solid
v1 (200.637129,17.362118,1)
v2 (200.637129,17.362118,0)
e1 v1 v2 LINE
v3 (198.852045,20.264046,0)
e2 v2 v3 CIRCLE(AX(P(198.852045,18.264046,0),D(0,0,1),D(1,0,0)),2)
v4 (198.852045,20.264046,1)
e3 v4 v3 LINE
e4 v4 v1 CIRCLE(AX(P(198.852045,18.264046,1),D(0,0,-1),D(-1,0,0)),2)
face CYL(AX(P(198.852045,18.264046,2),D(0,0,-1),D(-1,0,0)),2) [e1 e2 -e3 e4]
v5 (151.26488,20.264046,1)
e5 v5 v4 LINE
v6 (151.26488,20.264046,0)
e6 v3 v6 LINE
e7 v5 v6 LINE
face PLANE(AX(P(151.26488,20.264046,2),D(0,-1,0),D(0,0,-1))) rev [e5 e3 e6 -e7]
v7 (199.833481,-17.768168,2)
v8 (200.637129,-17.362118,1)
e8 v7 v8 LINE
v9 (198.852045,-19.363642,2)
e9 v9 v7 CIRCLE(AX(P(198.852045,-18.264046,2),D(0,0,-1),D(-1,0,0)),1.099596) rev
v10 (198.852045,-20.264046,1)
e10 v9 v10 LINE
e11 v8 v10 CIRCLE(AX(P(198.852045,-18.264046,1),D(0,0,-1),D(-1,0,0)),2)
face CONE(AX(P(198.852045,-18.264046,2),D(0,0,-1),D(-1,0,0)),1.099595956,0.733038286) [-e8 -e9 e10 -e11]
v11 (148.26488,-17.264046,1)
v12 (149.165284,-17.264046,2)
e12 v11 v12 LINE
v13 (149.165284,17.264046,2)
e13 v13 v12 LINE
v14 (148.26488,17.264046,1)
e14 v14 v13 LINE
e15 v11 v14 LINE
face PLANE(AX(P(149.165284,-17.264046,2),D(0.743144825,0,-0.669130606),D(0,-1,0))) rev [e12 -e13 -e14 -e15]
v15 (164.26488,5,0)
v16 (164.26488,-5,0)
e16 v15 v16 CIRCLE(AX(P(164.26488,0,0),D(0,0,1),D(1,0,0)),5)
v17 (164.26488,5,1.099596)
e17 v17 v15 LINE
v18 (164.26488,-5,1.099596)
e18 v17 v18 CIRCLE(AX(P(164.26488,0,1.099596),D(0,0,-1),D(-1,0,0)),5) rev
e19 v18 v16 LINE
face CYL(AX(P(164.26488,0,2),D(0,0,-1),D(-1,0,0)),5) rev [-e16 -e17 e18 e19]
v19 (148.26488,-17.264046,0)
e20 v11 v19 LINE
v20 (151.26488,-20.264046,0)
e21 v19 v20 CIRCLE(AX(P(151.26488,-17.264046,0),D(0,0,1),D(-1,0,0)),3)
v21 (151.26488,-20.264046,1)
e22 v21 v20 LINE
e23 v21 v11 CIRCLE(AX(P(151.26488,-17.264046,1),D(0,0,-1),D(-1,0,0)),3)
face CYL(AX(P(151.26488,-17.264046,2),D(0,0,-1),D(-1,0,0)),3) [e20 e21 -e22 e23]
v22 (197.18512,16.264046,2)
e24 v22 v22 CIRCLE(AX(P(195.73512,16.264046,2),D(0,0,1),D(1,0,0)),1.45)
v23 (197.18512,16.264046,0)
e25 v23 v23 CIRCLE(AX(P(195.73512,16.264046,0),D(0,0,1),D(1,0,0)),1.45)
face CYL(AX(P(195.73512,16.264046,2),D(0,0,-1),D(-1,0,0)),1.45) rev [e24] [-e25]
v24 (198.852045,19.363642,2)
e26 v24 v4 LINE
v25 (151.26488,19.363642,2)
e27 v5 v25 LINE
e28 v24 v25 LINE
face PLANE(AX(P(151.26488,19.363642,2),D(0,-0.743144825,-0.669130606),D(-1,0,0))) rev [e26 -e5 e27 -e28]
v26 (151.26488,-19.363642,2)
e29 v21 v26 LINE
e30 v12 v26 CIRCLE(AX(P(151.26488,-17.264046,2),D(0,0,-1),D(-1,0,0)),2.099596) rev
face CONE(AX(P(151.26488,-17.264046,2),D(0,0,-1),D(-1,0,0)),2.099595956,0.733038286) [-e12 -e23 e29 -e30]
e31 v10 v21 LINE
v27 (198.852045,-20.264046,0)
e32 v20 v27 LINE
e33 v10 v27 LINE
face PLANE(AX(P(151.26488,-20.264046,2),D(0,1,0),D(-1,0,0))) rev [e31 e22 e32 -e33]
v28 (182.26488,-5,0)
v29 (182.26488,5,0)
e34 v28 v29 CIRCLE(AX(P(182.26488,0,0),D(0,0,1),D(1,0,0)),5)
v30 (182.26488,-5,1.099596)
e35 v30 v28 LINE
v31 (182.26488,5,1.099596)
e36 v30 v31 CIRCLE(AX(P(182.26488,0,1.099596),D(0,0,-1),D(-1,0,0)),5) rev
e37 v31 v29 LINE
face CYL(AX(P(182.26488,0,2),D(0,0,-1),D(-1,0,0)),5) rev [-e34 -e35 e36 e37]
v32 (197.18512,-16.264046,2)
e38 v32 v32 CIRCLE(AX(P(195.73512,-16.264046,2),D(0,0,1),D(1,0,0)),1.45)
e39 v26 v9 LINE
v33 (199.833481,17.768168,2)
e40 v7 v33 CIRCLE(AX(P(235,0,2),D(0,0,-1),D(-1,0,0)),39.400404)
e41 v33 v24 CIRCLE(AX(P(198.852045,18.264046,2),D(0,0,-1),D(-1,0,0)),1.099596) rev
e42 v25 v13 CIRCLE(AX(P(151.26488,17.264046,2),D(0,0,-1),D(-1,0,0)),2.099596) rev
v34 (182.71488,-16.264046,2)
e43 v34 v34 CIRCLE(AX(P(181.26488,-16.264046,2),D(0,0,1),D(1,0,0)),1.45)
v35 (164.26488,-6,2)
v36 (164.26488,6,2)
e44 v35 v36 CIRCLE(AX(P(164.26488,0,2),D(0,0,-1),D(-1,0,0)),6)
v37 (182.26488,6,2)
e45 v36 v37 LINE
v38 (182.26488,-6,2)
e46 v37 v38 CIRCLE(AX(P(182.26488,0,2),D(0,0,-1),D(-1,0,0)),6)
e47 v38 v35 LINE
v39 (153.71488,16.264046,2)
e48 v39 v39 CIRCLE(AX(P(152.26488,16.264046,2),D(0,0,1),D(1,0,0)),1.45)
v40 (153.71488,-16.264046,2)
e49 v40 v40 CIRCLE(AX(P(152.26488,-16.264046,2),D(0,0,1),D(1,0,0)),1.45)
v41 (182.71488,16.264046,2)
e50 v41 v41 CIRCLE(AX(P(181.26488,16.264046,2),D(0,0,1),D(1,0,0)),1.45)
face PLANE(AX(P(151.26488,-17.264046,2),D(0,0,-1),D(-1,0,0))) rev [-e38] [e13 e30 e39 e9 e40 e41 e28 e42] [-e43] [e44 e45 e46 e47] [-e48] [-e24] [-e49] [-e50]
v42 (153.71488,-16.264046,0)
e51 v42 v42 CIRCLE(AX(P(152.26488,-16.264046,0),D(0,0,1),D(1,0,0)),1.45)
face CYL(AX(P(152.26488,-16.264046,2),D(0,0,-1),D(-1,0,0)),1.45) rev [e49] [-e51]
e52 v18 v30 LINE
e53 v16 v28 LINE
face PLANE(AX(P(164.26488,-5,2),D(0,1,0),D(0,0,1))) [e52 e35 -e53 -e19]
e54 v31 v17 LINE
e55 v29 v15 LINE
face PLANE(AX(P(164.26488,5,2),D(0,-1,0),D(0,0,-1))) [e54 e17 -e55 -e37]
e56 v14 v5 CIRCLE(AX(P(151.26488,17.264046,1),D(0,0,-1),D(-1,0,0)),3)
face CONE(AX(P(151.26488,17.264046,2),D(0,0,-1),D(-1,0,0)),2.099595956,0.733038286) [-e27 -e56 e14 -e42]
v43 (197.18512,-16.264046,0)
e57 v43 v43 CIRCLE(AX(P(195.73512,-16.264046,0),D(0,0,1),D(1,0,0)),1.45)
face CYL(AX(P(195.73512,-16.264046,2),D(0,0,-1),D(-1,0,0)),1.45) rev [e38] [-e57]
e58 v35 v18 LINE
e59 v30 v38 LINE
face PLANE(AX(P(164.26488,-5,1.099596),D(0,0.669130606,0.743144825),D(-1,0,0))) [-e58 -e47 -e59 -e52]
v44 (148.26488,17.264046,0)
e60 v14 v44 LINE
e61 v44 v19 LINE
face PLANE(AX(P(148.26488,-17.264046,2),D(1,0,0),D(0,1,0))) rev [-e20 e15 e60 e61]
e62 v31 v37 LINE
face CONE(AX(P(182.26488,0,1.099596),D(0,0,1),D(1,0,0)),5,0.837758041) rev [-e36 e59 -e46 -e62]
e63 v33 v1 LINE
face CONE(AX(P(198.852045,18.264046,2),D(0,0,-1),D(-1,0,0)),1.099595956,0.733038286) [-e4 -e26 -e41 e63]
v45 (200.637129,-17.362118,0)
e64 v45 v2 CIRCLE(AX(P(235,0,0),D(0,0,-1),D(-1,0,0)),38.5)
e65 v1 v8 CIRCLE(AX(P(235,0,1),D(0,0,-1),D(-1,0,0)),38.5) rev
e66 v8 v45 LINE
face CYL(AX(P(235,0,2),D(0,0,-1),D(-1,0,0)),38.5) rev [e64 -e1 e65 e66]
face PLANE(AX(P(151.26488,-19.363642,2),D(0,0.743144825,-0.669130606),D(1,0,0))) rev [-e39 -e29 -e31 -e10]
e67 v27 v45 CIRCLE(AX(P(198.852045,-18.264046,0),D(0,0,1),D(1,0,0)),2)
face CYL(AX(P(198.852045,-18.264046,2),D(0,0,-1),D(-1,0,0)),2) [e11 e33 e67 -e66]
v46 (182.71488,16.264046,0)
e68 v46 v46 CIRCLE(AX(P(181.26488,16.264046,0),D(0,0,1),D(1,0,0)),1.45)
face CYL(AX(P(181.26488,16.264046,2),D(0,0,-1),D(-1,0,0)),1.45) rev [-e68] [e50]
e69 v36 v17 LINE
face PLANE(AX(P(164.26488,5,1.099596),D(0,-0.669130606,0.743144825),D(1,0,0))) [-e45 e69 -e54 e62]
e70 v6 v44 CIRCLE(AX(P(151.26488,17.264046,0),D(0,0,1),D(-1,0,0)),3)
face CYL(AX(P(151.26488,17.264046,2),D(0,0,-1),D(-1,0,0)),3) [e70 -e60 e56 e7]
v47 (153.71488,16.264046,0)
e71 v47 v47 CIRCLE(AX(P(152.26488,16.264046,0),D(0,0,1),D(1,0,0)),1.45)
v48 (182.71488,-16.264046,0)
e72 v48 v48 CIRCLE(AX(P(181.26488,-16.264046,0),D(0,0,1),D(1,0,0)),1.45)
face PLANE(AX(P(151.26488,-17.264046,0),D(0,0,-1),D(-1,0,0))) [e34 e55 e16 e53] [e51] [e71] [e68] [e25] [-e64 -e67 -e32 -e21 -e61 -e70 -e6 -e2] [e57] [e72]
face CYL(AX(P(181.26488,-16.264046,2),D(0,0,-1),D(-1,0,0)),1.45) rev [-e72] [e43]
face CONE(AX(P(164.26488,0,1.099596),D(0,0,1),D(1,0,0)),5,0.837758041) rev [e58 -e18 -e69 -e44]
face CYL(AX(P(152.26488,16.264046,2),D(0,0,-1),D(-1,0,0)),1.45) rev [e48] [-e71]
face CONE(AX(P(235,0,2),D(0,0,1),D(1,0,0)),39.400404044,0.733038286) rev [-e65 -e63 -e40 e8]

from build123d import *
from OCP.BRepFilletAPI import BRepFilletAPI_MakeChamfer

# Parameters (mm, degrees)
SKETCH_2_R      = 1.45
EXTRUDE_1_DEPTH = 2
CHAMFER_2_SIZE  = 1
CHAMFER_2_SIZE2 = 0.900404044
CHAMFER_3_SIZE  = 1
CHAMFER_3_SIZE2 = 0.900404044


with BuildPart() as part:
    # 草图2 → 凸台-拉伸1 (new body)
    with BuildSketch(Plane.XY):
        with BuildLine():
            Line((148.264880132, -17.264045876), (148.264880132, 17.264045876))
            ThreePointArc((148.264880132, 17.264045876), (149.143559788, 19.385366219), (151.264880132, 20.264045876))
            Line((151.264880132, 20.264045876), (198.85204531, 20.264045876))
            ThreePointArc((198.85204531, 20.264045876), (200.555549989, 19.311935091), (200.637129492, 17.362117684))
            ThreePointArc((200.637129492, 17.362117684), (196.5, 0), (200.637129492, -17.362117684))
            ThreePointArc((200.637129492, -17.362117684), (200.555549989, -19.311935091), (198.85204531, -20.264045876))
            Line((198.85204531, -20.264045876), (151.264880132, -20.264045876))
            ThreePointArc((151.264880132, -20.264045876), (149.143559788, -19.385366219), (148.264880132, -17.264045876))
        make_face()
        with Locations((152.264880132, 16.264045876)):
            Circle(SKETCH_2_R, mode=Mode.SUBTRACT)
        with Locations((181.264880132, 16.264045876)):
            Circle(SKETCH_2_R, mode=Mode.SUBTRACT)
        with Locations((195.735119868, 16.264045876)):
            Circle(SKETCH_2_R, mode=Mode.SUBTRACT)
        with Locations((152.264880132, -16.264045876)):
            Circle(SKETCH_2_R, mode=Mode.SUBTRACT)
        with Locations((181.264880132, -16.264045876)):
            Circle(SKETCH_2_R, mode=Mode.SUBTRACT)
        with Locations((195.735119868, -16.264045876)):
            Circle(SKETCH_2_R, mode=Mode.SUBTRACT)
        with BuildLine():
            Line((164.264880132, 5), (182.264880132, 5))
            ThreePointArc((182.264880132, 5), (187.264880132, 0), (182.264880132, -5))
            Line((182.264880132, -5), (164.264880132, -5))
            ThreePointArc((164.264880132, -5), (159.264880132, 0), (164.264880132, 5))
        make_face(mode=Mode.SUBTRACT)
    extrude(amount=EXTRUDE_1_DEPTH)

    # 倒角2: one chamfer whose edges measure the first distance from different faces: ONE call of the kernel's chamfer builder (chamfer() names one face for all edges)
    chamfer_2_edges_1 = [part.edges().sort_by_distance(p)[0] for p in [
        (200.555549989, -19.311935091, 2),
    ]]
    chamfer_2_side_1 = [part.faces().sort_by_distance(p)[0] for p in [
        (200.555549989, -19.311935091, 1),
    ]]
    chamfer_2_edges_2 = [part.edges().sort_by_distance(p)[0] for p in [
        (196.5, 0, 2),
    ]]
    chamfer_2_side_2 = [part.faces().sort_by_distance(p)[0] for p in [
        (196.5, 0, 1),
    ]]
    chamfer_2_edges_3 = [part.edges().sort_by_distance(p)[0] for p in [
        (200.555549989, 19.311935091, 2),
    ]]
    chamfer_2_side_3 = [part.faces().sort_by_distance(p)[0] for p in [
        (200.555549989, 19.311935091, 1),
    ]]
    chamfer_2_edges_4 = [part.edges().sort_by_distance(p)[0] for p in [
        (175.058462721, 20.264045876, 2),
    ]]
    chamfer_2_side_4 = [part.faces().sort_by_distance(p)[0] for p in [
        (175.058462721, 20.264045876, 1),
    ]]
    chamfer_2_edges_5 = [part.edges().sort_by_distance(p)[0] for p in [
        (149.143559788, 19.385366219, 2),
    ]]
    chamfer_2_side_5 = [part.faces().sort_by_distance(p)[0] for p in [
        (149.143559788, 19.385366219, 1),
    ]]
    chamfer_2_edges_6 = [part.edges().sort_by_distance(p)[0] for p in [
        (148.264880132, 0, 2),
    ]]
    chamfer_2_side_6 = [part.faces().sort_by_distance(p)[0] for p in [
        (148.264880132, 0, 1),
    ]]
    chamfer_2_edges_7 = [part.edges().sort_by_distance(p)[0] for p in [
        (149.143559788, -19.385366219, 2),
    ]]
    chamfer_2_side_7 = [part.faces().sort_by_distance(p)[0] for p in [
        (149.143559788, -19.385366219, 1),
    ]]
    chamfer_2_edges_8 = [part.edges().sort_by_distance(p)[0] for p in [
        (175.058462721, -20.264045876, 2),
    ]]
    chamfer_2_side_8 = [part.faces().sort_by_distance(p)[0] for p in [
        (175.058462721, -20.264045876, 1),
    ]]
    chamfer_2 = BRepFilletAPI_MakeChamfer(part.part.solid().wrapped)
    for e in chamfer_2_edges_1:
        chamfer_2.Add(CHAMFER_2_SIZE, CHAMFER_2_SIZE2, e.wrapped, chamfer_2_side_1[0].wrapped)  # the first distance lies on this face
    for e in chamfer_2_edges_2:
        chamfer_2.Add(CHAMFER_2_SIZE, CHAMFER_2_SIZE2, e.wrapped, chamfer_2_side_2[0].wrapped)  # the first distance lies on this face
    for e in chamfer_2_edges_3:
        chamfer_2.Add(CHAMFER_2_SIZE, CHAMFER_2_SIZE2, e.wrapped, chamfer_2_side_3[0].wrapped)  # the first distance lies on this face
    for e in chamfer_2_edges_4:
        chamfer_2.Add(CHAMFER_2_SIZE, CHAMFER_2_SIZE2, e.wrapped, chamfer_2_side_4[0].wrapped)  # the first distance lies on this face
    for e in chamfer_2_edges_5:
        chamfer_2.Add(CHAMFER_2_SIZE, CHAMFER_2_SIZE2, e.wrapped, chamfer_2_side_5[0].wrapped)  # the first distance lies on this face
    for e in chamfer_2_edges_6:
        chamfer_2.Add(CHAMFER_2_SIZE, CHAMFER_2_SIZE2, e.wrapped, chamfer_2_side_6[0].wrapped)  # the first distance lies on this face
    for e in chamfer_2_edges_7:
        chamfer_2.Add(CHAMFER_2_SIZE, CHAMFER_2_SIZE2, e.wrapped, chamfer_2_side_7[0].wrapped)  # the first distance lies on this face
    for e in chamfer_2_edges_8:
        chamfer_2.Add(CHAMFER_2_SIZE, CHAMFER_2_SIZE2, e.wrapped, chamfer_2_side_8[0].wrapped)  # the first distance lies on this face
    add(Compound.cast(chamfer_2.Shape()), mode=Mode.REPLACE)

    # 倒角3
    chamfer_3_edges = [part.edges().sort_by_distance(p)[0] for p in [
        (159.264880132, 0, 2),
        (173.264880132, -5, 2),
        (187.264880132, 0, 2),
        (173.264880132, 5, 2),
    ]]
    chamfer_3_side = [part.faces().sort_by_distance(p)[0] for p in [
        (199.244635879, -18.505542966, 2),
    ]]
    chamfer(chamfer_3_edges, length=CHAMFER_3_SIZE, length2=CHAMFER_3_SIZE2, reference=chamfer_3_side[0])


solid = part.part
